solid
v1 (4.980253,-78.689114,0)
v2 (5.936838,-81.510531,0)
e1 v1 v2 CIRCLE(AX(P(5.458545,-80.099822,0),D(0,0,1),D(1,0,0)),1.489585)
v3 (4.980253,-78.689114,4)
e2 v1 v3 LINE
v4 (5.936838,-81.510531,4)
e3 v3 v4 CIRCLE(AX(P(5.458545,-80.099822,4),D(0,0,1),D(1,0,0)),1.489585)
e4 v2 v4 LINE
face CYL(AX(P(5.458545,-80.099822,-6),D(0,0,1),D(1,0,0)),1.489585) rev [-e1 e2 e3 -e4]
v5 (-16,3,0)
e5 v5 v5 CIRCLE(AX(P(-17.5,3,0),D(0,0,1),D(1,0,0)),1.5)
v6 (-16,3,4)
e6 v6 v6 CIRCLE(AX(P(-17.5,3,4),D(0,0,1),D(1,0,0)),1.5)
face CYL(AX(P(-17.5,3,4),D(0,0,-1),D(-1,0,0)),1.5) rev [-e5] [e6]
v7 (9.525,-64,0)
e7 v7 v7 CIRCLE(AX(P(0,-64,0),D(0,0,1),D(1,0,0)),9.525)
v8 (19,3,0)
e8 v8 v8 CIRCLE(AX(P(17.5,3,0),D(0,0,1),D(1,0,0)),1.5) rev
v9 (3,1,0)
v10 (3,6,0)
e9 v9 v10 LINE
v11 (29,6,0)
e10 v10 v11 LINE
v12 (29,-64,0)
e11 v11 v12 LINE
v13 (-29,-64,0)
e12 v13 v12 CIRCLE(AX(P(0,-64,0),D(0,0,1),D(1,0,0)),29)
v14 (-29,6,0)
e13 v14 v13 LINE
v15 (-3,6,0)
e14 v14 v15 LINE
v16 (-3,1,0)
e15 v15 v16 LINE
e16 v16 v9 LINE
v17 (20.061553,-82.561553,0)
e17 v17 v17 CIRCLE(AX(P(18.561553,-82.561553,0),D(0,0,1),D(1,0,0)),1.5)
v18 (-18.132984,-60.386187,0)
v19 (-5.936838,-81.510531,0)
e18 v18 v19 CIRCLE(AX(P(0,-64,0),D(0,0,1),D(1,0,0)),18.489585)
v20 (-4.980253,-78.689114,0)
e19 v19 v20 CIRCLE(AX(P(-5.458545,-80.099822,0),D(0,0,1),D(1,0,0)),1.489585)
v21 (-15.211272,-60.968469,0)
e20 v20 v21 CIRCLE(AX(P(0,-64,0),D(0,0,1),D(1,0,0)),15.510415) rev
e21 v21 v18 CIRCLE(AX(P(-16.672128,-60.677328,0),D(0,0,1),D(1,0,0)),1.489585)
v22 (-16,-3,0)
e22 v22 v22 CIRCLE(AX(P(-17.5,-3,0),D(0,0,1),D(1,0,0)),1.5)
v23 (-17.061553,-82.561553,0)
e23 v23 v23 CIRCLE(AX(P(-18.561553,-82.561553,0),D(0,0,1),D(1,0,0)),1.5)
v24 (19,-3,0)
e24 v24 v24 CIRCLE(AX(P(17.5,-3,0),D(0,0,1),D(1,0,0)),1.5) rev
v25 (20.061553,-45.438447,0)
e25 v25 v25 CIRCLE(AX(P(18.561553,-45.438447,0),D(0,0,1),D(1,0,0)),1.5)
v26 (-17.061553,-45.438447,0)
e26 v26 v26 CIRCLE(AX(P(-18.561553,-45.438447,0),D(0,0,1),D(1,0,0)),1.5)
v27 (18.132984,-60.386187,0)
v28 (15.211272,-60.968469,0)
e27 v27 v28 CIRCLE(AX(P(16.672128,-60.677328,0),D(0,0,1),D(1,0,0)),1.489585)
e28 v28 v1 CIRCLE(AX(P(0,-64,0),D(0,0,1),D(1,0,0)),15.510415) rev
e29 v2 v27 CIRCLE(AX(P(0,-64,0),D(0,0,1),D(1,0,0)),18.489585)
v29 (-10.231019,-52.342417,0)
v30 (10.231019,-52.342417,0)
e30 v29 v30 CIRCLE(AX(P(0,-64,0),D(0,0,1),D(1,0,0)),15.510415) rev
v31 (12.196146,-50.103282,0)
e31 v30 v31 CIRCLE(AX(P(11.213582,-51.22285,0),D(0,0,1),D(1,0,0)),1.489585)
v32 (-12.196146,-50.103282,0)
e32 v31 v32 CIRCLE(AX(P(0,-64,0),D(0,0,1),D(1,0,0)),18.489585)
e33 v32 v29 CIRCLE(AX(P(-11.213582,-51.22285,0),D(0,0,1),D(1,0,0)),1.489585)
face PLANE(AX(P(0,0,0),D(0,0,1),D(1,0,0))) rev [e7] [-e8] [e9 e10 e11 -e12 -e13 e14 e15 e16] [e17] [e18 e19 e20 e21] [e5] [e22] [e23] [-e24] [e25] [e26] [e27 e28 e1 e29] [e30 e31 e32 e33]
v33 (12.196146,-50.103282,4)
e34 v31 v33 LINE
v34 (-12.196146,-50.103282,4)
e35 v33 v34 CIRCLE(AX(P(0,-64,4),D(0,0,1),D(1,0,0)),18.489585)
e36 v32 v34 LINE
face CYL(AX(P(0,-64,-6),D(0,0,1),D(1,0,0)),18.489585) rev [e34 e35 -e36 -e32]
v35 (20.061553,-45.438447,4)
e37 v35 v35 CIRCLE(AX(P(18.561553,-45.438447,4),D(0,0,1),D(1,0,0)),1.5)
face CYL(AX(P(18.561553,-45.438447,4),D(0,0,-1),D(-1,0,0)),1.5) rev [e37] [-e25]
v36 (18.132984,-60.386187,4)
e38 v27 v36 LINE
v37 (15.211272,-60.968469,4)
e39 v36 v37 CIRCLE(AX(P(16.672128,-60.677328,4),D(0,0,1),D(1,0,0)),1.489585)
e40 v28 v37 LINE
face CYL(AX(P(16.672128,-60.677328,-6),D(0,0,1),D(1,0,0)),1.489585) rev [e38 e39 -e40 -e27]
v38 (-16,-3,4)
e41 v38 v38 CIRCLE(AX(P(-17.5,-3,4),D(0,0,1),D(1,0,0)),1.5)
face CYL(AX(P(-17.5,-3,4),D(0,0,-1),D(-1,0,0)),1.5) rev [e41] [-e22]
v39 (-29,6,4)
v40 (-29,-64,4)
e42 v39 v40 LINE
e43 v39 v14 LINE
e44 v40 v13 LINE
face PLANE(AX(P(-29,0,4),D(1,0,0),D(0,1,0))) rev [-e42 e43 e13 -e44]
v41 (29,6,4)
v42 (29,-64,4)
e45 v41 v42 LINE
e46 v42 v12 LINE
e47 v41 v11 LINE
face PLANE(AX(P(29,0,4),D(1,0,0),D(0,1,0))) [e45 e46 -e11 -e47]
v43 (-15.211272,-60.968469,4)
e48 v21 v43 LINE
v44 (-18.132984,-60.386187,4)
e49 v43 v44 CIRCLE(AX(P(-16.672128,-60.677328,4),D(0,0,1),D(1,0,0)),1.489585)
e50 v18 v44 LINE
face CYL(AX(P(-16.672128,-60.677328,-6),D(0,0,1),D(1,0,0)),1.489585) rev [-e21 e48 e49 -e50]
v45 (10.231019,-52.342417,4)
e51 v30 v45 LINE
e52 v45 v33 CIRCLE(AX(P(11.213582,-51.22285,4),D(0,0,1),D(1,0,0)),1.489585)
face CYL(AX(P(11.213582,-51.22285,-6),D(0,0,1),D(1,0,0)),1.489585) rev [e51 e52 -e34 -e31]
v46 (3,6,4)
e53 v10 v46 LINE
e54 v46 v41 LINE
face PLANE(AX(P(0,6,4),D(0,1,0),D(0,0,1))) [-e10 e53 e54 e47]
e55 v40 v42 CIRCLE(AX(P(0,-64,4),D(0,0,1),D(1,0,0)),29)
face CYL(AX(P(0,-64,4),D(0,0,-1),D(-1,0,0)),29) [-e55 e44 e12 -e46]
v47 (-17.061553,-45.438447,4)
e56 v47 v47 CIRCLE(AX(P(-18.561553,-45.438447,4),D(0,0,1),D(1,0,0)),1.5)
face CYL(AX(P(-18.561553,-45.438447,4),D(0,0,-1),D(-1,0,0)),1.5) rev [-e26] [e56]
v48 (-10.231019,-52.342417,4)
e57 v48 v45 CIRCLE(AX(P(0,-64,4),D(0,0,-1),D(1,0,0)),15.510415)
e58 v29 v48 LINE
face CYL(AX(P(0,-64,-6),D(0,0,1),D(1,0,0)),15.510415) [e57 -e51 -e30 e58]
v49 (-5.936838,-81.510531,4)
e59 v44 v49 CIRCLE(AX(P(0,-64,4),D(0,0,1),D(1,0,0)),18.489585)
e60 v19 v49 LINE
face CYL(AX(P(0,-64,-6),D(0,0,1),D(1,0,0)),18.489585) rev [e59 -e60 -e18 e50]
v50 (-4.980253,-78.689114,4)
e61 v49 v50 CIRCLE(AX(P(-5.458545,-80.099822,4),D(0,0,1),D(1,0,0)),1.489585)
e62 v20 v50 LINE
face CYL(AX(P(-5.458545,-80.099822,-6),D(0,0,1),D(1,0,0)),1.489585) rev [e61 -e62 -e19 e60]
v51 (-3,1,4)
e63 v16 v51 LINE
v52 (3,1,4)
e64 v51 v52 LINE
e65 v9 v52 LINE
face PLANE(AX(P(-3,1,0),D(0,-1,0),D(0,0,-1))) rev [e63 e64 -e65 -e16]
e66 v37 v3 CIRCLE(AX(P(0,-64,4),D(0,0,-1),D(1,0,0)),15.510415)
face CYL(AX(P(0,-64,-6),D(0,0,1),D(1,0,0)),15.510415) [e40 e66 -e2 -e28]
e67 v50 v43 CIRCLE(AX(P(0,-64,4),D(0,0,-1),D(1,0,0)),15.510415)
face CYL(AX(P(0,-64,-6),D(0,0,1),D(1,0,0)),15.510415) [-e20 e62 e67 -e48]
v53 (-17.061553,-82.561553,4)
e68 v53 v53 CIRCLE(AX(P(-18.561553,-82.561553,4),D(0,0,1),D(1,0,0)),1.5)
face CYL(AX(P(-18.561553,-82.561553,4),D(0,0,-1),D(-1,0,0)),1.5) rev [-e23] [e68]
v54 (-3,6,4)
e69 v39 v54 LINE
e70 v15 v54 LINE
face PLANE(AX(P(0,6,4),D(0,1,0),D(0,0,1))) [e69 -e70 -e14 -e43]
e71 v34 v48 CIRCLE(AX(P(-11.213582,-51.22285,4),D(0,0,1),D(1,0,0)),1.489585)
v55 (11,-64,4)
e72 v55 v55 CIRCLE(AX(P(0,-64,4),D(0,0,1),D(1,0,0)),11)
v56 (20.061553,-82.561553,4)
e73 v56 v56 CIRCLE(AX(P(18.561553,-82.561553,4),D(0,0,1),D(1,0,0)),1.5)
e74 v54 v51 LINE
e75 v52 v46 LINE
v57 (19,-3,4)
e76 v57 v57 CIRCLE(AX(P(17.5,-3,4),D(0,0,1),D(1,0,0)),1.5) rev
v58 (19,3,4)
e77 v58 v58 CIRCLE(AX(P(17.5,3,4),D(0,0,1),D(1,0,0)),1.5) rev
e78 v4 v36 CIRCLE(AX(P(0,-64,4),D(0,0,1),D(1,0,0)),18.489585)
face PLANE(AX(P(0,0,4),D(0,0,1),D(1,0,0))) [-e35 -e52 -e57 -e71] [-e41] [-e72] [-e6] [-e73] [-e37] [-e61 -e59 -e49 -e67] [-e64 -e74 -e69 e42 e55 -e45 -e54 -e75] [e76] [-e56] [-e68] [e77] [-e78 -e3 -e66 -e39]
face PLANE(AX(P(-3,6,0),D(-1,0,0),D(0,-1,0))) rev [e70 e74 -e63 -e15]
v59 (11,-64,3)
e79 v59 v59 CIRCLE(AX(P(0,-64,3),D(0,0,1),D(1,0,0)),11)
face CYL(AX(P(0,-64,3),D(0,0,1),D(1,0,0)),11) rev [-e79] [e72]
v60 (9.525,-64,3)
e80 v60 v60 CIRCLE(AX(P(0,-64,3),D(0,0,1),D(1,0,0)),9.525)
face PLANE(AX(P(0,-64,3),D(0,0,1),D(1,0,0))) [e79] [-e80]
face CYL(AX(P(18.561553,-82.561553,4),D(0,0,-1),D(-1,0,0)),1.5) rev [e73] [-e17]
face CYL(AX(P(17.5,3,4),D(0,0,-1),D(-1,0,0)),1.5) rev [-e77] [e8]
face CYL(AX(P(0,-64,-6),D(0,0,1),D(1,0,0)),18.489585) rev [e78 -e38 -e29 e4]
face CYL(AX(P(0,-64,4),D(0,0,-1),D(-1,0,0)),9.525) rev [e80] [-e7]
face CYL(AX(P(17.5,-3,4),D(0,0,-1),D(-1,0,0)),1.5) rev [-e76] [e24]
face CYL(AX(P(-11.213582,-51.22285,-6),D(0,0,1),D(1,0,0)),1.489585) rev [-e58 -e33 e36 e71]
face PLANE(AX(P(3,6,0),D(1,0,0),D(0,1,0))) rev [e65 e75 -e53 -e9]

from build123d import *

# Parameters (mm, degrees)
SKETCH_1_R          = 9.525
SKETCH_1_R_2        = 1.5
EXTRUDE_1_DEPTH     = 4
SKETCH_2_W          = 6
SKETCH_2_H          = 5
CUT_EXTRUDE_1_DEPTH = 98.49871794
CUT_EXTRUDE_2_DEPTH = 10
SKETCH_4_R          = 11
CUT_EXTRUDE_3_DEPTH = 1


with BuildPart() as part:
    # 草图1 → 凸台-拉伸1 (new body)
    with BuildSketch(Plane.XY):
        with BuildLine():
            Line((-29, 6), (29, 6))
            Line((29, 6), (29, -64))
            ThreePointArc((29, -64), (0, -93), (-29, -64))
            Line((-29, -64), (-29, 6))
        make_face()
        with Locations((0, -64)):
            Circle(SKETCH_1_R, mode=Mode.SUBTRACT)
        with Locations((-17.5, 3)):
            Circle(SKETCH_1_R_2, mode=Mode.SUBTRACT)
        with Locations((17.5, 3)):
            Circle(SKETCH_1_R_2, mode=Mode.SUBTRACT)
        with Locations((18.561553006, -82.561553006)):
            Circle(SKETCH_1_R_2, mode=Mode.SUBTRACT)
        with Locations((-18.561553006, -82.561553006)):
            Circle(SKETCH_1_R_2, mode=Mode.SUBTRACT)
        with Locations((-18.561553006, -45.438446994)):
            Circle(SKETCH_1_R_2, mode=Mode.SUBTRACT)
        with Locations((18.561553006, -45.438446994)):
            Circle(SKETCH_1_R_2, mode=Mode.SUBTRACT)
        with Locations((-17.5, -3)):
            Circle(SKETCH_1_R_2, mode=Mode.SUBTRACT)
        with Locations((17.5, -3)):
            Circle(SKETCH_1_R_2, mode=Mode.SUBTRACT)
    extrude(amount=EXTRUDE_1_DEPTH)

    # 草图2 → 切除-拉伸1 (cut, through all)
    with BuildSketch(Plane.XY.offset(4)):
        with Locations((0, 3.5)):
            Rectangle(SKETCH_2_W, SKETCH_2_H)
    extrude(amount=-CUT_EXTRUDE_1_DEPTH, mode=Mode.SUBTRACT)

    # 草图3 → 切除-拉伸2 (cut)
    with BuildSketch(Plane.XY.offset(4)):
        with BuildLine():
            ThreePointArc((12.196146044, -50.10328221), (0, -45.510415266), (-12.196146044, -50.10328221))
            ThreePointArc((-12.196146044, -50.10328221), (-12.333149971, -52.20541334), (-10.231018841, -52.342417267))
            ThreePointArc((-10.231018841, -52.342417267), (0, -48.489584734), (10.231018841, -52.342417267))
            ThreePointArc((10.231018841, -52.342417267), (12.333149971, -52.20541334), (12.196146044, -50.10328221))
        make_face()
        with BuildLine():
            ThreePointArc((5.936837613, -81.510531197), (16.012450085, -73.244792367), (18.132983657, -60.386186592))
            ThreePointArc((18.132983657, -60.386186592), (16.38098666, -59.216472147), (15.211272214, -60.968469144))
            ThreePointArc((15.211272214, -60.968469144), (13.432413643, -71.755207633), (4.980253373, -78.68911359))
            ThreePointArc((4.980253373, -78.68911359), (4.047836689, -80.578114513), (5.936837613, -81.510531197))
        make_face()
        with BuildLine():
            ThreePointArc((-18.132983657, -60.386186592), (-16.012450085, -73.244792367), (-5.936837613, -81.510531197))
            ThreePointArc((-5.936837613, -81.510531197), (-4.047836689, -80.578114513), (-4.980253373, -78.68911359))
            ThreePointArc((-4.980253373, -78.68911359), (-13.432413643, -71.755207633), (-15.211272214, -60.968469144))
            ThreePointArc((-15.211272214, -60.968469144), (-16.38098666, -59.216472147), (-18.132983657, -60.386186592))
        make_face()
    extrude(amount=-CUT_EXTRUDE_2_DEPTH, mode=Mode.SUBTRACT)

    # 草图4 → 切除-拉伸3 (cut)
    with BuildSketch(Plane.XY.offset(4)):
        with Locations((0, -64)):
            Circle(SKETCH_4_R)
    extrude(amount=-CUT_EXTRUDE_3_DEPTH, mode=Mode.SUBTRACT)


solid = part.part
